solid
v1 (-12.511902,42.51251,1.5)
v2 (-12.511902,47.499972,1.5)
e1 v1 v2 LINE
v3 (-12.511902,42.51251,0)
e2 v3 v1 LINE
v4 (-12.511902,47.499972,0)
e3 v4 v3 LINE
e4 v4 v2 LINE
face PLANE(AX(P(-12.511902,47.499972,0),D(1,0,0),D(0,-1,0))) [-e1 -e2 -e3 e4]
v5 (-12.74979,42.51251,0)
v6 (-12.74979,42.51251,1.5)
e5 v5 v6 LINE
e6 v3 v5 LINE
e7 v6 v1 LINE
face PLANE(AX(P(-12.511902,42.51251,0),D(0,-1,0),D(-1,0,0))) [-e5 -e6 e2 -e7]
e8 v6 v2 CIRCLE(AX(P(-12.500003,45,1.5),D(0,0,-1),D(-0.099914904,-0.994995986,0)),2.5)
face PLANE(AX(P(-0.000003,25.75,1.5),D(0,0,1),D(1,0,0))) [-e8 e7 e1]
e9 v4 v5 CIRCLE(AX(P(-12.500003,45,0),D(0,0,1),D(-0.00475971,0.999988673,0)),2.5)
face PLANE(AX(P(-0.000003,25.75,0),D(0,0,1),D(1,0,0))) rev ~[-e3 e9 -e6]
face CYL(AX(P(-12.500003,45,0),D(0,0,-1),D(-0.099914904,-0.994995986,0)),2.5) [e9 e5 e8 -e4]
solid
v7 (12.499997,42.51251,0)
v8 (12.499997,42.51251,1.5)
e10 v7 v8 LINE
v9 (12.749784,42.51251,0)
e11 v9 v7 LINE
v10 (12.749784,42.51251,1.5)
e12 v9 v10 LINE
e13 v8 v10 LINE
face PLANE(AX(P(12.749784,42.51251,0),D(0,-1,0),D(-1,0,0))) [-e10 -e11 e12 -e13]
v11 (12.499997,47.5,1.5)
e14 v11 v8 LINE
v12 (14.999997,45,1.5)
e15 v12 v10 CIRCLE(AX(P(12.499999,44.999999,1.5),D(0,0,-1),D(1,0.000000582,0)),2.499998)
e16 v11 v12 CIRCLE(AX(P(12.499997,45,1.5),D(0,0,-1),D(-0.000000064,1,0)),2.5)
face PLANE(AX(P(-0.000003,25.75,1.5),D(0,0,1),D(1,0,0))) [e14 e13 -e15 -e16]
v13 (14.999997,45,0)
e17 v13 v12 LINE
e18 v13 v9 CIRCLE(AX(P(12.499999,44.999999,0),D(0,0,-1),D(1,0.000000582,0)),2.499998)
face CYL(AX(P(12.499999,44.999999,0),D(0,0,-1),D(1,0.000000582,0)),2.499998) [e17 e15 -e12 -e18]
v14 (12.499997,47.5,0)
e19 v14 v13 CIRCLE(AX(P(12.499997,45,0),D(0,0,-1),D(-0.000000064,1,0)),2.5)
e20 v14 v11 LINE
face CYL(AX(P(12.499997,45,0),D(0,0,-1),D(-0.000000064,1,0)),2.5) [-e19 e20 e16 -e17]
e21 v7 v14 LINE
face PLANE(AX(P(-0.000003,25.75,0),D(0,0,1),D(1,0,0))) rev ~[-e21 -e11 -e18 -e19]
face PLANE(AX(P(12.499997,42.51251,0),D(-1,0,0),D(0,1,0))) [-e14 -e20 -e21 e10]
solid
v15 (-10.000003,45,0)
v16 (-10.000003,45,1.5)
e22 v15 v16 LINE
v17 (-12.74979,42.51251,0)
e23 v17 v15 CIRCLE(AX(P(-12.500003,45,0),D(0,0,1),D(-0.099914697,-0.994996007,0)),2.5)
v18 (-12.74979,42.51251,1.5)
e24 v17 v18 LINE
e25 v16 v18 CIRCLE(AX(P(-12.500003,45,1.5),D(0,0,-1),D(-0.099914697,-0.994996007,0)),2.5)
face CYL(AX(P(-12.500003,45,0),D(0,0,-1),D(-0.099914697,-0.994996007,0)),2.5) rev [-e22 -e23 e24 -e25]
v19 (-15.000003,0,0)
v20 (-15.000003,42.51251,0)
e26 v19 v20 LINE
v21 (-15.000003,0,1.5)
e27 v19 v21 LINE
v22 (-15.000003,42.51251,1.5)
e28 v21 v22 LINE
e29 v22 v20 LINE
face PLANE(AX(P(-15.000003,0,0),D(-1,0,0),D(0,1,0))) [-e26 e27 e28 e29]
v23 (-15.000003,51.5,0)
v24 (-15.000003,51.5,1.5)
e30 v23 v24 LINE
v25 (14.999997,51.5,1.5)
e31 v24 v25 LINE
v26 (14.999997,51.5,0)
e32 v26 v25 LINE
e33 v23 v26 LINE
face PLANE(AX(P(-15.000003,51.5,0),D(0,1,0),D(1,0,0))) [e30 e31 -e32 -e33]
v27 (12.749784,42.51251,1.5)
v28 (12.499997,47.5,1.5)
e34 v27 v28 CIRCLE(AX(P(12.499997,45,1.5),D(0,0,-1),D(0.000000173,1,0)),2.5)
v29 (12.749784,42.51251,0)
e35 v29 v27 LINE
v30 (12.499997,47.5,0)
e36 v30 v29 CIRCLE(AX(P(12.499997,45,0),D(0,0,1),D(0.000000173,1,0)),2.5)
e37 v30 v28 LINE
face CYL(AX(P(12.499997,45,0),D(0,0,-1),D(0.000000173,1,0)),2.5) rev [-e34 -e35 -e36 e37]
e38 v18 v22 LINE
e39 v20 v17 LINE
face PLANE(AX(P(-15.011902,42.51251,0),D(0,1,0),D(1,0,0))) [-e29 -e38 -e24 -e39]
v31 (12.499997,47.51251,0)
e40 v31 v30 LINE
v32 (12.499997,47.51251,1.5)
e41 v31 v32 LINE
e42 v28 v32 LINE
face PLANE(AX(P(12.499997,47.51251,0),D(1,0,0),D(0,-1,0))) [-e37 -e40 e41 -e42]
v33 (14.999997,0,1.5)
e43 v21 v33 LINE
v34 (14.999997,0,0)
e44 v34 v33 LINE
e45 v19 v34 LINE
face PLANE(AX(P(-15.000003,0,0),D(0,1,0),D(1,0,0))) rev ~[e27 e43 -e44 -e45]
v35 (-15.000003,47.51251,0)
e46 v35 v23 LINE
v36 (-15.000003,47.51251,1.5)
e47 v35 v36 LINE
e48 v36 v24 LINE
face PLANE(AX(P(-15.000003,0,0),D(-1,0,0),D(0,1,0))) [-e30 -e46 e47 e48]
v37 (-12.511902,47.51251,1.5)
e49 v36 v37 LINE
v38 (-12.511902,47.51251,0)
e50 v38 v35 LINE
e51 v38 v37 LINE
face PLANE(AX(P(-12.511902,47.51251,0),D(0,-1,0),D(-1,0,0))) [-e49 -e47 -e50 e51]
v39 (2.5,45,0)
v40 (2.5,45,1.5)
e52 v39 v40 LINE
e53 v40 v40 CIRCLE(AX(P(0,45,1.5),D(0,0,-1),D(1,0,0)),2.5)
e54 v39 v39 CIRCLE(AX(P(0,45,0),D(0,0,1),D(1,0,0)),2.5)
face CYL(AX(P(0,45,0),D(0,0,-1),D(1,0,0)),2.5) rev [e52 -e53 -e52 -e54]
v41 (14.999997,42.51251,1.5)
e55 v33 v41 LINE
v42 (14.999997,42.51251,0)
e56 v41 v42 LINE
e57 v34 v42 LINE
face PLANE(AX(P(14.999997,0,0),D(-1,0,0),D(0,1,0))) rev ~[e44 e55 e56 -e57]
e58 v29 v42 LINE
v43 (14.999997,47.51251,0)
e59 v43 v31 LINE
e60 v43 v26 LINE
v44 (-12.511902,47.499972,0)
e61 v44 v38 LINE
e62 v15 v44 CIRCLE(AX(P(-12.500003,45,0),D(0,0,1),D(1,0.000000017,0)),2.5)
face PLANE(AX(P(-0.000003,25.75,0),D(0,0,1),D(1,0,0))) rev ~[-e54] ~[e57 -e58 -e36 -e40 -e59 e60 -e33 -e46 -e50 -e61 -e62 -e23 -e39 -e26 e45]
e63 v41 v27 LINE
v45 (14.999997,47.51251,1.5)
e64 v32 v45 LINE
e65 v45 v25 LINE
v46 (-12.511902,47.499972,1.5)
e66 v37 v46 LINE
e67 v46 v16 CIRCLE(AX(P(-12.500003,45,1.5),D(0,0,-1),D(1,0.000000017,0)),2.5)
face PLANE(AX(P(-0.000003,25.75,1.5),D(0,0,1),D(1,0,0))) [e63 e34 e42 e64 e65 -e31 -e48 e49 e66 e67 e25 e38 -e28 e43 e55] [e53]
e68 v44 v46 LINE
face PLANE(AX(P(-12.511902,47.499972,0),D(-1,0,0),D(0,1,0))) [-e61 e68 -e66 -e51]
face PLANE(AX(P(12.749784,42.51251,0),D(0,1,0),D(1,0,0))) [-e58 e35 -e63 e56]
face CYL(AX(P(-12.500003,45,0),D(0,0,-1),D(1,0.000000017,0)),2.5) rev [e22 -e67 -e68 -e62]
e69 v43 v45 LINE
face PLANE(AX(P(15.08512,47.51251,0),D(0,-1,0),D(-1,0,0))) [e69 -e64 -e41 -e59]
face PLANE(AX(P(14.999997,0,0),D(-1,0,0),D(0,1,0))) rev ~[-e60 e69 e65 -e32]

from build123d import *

# Parameters (mm, degrees)
F0_W     = 30
F0_H     = 51.5
F2_DEPTH = 1.5
F1_R     = 2.5
F3_DEPTH = 1.501


with BuildPart() as f2:
    # F0 (on Top) → F2 (new body)
    with BuildSketch(Plane.XY):
        with Locations((-3e-06, 25.75)):
            Rectangle(F0_W, F0_H)
    extrude(amount=F2_DEPTH)

    # F1 (on Top) → F3 (cut, through all)
    with BuildSketch(Plane.XY):
        with Locations((0, 45)):
            Circle(F1_R)
        with BuildLine():
            ThreePointArc((-12.74979, 42.51251), (-10.822873, 43.146022), (-10.000003, 45))
            ThreePointArc((-10.000003, 45), (-10.736448, 46.771969), (-12.511902, 47.499972))
            Line((-12.511902, 47.499972), (-12.511902, 42.51251))
            Line((-12.511902, 42.51251), (-12.74979, 42.51251))
        make_face()
        with BuildLine():
            ThreePointArc((-12.74979, 42.51251), (-14.997164, 45.119107), (-12.511902, 47.499972))
            Line((-12.511902, 47.499972), (-12.511902, 47.51251))
            Line((-12.511902, 47.51251), (-15.011902, 47.51251))
            Line((-15.011902, 47.51251), (-15.011902, 42.51251))
            Line((-15.011902, 42.51251), (-12.74979, 42.51251))
        make_face()
        with BuildLine():
            ThreePointArc((12.499997, 47.5), (14.267764, 46.767767), (14.999997, 45))
            ThreePointArc((14.999997, 45), (14.353975, 43.322869), (12.749784, 42.51251))
            Line((12.749784, 42.51251), (15.08512, 42.51251))
            Line((15.08512, 42.51251), (15.08512, 47.51251))
            Line((15.08512, 47.51251), (12.499997, 47.51251))
            Line((12.499997, 47.51251), (12.499997, 47.5))
        make_face()
        with BuildLine():
            Line((12.499997, 42.51251), (12.499997, 47.5))
            ThreePointArc((12.499997, 47.5), (10.003126, 44.87495), (12.749784, 42.51251))
            Line((12.749784, 42.51251), (12.499997, 42.51251))
        make_face()
    extrude(amount=F3_DEPTH, mode=Mode.SUBTRACT)


solid = f2.part
